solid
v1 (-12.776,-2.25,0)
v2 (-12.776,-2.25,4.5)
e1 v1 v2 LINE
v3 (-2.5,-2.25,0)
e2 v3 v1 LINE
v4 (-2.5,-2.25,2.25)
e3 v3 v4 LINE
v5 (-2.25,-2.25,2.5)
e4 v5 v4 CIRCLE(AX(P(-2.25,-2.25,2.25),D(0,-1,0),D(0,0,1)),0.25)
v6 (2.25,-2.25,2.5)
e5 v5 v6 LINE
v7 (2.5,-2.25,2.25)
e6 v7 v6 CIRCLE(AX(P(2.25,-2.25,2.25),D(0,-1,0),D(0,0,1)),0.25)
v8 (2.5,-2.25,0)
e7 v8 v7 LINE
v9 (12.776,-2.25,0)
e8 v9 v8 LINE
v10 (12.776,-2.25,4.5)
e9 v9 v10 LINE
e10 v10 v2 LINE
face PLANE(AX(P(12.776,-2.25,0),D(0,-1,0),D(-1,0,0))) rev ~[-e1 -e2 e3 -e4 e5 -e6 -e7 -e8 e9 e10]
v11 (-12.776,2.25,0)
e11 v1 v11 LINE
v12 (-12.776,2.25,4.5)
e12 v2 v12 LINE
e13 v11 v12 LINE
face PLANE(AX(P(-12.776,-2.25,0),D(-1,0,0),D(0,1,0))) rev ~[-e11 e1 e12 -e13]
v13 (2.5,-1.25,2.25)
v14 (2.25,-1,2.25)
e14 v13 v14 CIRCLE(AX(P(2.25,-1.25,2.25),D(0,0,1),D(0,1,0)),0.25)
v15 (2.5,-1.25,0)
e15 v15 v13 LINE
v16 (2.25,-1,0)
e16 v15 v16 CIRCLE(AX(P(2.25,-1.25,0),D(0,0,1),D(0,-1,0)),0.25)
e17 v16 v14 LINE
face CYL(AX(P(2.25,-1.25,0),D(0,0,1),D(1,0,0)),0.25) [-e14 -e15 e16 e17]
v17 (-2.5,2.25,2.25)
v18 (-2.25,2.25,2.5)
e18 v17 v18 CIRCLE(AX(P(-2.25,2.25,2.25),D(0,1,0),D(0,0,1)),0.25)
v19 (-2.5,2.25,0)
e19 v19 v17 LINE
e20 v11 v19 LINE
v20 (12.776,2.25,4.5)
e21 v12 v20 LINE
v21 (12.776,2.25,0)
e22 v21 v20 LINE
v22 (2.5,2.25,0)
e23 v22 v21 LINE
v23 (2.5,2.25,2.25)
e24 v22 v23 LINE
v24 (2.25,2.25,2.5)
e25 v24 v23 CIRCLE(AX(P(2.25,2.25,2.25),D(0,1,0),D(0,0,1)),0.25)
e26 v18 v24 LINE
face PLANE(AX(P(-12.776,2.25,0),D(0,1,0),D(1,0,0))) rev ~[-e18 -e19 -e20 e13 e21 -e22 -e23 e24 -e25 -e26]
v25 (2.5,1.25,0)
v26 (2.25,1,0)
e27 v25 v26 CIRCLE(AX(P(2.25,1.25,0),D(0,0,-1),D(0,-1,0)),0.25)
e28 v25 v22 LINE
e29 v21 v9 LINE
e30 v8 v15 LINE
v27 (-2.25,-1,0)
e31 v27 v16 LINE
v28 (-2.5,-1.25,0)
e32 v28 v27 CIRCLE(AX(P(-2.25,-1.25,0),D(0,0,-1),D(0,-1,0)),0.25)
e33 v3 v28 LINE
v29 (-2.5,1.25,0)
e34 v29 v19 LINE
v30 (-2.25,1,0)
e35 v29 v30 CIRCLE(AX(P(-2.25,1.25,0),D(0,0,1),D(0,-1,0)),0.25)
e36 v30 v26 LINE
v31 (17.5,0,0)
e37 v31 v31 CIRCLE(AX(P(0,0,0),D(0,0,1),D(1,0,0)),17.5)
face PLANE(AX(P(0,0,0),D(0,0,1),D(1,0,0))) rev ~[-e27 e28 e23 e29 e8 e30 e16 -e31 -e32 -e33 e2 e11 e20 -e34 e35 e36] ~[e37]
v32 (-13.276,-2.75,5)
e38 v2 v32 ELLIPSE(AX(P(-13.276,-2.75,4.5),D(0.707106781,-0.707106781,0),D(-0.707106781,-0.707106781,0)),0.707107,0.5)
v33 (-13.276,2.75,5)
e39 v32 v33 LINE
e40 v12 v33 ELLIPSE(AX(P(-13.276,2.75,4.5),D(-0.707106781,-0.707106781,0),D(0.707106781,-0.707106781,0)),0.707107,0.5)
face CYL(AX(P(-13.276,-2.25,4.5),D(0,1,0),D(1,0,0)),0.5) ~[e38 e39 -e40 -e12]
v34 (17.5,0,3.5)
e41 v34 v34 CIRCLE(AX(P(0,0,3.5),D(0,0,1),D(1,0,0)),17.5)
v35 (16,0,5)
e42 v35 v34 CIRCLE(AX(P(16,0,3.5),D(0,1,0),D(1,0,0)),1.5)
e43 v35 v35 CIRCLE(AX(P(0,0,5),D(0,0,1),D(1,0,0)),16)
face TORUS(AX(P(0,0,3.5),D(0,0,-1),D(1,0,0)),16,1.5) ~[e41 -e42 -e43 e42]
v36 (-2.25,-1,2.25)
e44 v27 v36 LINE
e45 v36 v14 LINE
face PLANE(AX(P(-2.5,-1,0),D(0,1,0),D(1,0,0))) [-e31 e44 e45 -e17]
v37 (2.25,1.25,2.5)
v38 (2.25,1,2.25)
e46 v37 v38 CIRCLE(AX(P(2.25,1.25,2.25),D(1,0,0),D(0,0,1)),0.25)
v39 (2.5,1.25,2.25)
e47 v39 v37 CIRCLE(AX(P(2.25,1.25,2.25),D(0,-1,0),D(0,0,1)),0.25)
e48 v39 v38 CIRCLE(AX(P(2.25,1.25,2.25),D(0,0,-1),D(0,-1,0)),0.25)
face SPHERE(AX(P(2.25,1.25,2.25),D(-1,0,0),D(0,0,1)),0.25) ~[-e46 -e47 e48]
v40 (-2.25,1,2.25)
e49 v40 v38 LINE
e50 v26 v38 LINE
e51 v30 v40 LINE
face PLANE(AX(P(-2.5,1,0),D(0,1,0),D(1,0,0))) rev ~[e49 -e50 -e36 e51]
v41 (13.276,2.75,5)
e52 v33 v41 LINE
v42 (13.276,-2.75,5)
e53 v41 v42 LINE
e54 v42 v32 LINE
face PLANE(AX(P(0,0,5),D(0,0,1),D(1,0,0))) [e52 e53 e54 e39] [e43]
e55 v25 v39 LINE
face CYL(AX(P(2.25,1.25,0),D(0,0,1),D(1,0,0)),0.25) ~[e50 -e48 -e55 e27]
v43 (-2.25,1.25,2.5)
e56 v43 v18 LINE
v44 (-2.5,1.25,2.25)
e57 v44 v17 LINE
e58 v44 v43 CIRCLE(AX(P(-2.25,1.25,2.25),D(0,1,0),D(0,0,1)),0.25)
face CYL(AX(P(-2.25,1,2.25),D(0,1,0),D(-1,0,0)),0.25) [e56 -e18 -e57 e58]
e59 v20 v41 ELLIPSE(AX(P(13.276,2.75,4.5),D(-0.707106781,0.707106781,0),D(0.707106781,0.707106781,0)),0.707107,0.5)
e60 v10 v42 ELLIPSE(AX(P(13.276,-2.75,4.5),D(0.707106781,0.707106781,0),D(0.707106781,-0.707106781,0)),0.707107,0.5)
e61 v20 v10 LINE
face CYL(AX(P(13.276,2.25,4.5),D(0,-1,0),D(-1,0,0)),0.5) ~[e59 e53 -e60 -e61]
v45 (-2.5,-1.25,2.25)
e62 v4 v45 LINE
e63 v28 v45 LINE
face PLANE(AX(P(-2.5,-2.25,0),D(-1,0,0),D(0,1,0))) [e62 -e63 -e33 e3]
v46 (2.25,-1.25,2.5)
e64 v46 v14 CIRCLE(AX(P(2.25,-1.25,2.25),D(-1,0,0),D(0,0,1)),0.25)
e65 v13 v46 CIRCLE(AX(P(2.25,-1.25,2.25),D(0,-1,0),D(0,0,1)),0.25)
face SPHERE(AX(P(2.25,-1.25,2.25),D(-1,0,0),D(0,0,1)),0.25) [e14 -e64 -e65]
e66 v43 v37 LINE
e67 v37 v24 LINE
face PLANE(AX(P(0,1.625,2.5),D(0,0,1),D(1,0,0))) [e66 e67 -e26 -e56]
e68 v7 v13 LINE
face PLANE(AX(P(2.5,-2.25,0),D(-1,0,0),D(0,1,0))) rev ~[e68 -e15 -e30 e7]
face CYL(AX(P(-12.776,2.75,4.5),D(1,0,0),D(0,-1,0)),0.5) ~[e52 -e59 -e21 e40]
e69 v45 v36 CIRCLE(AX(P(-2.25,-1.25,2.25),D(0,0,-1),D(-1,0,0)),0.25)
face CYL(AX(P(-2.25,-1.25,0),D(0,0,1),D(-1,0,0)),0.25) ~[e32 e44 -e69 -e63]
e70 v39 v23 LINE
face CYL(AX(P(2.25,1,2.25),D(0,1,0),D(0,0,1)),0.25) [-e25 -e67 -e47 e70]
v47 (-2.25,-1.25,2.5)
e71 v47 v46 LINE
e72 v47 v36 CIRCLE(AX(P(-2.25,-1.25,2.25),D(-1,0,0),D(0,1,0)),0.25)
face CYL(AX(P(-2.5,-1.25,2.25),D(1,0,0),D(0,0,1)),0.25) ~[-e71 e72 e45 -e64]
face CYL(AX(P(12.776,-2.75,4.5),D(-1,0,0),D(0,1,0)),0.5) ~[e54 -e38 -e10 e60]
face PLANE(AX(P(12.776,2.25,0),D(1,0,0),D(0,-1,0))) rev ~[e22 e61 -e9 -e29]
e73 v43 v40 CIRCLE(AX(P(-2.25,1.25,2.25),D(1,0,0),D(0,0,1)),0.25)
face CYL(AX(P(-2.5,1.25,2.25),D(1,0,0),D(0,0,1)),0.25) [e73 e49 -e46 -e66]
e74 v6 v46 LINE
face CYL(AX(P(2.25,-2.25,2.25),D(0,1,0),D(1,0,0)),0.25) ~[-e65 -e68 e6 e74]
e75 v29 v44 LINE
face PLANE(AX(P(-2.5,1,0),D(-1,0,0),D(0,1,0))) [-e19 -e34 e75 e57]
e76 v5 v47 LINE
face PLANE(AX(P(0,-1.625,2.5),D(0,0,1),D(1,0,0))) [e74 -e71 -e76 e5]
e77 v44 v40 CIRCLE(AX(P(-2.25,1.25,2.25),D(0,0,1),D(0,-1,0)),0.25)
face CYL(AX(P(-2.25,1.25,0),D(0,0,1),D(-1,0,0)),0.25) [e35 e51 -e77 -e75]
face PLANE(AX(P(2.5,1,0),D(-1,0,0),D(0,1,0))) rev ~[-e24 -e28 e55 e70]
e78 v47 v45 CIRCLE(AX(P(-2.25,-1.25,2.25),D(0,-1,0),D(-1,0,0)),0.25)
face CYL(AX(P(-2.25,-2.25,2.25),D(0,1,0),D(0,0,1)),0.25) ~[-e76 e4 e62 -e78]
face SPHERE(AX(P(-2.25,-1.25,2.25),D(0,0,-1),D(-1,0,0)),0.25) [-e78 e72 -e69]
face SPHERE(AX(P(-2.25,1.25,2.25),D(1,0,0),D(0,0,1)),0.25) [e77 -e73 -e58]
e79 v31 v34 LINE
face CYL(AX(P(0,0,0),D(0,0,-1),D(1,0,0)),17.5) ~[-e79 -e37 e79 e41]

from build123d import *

# Parameters (mm, degrees)
F0_R     = 17.5
F1_DEPTH = 5
F0_W     = 5
F0_H     = 1.25
F2_DEPTH = 2.5
F3_R     = 0.25
F4_R     = 0.5
F5_R     = 1.5


with BuildPart() as f1:
    # F0 (on Top) → F1 (new body)
    with BuildSketch(Plane.XY):
        Circle(F0_R)
        Polygon((-12.776, -2.25), (-12.776, 2.25), (-2.5, 2.25), (2.5, 2.25), (12.776, 2.25), (12.776, -2.25), (2.5, -2.25), (-2.5, -2.25), align=None, mode=Mode.SUBTRACT)
    extrude(amount=F1_DEPTH)

    # F0 (on Top) → F2 (join)
    with BuildSketch(Plane.XY):
        with Locations((0, 1.625)):
            Rectangle(F0_W, F0_H)
        with Locations((0, -1.625)):
            Rectangle(F0_W, F0_H)
    extrude(amount=F2_DEPTH)

    # F3
    f3_edges = [f1.edges().sort_by_distance(p)[0] for p in [
        (-2.5, -1, 1.25),
        (-2.5, -1.625, 2.5),
        (0, -1, 2.5),
        (2.5, -1.625, 2.5),
        (0, 1, 2.5),
        (2.5, 1.625, 2.5),
        (-2.5, 1.625, 2.5),
        (-2.5, 1, 1.25),
        (2.5, -1, 1.25),
        (2.5, 1, 1.25),
    ]]
    fillet(f3_edges, radius=F3_R)

    # F4
    f4_edges = [f1.edges().sort_by_distance(p)[0] for p in [
        (0, 2.25, 5),
        (12.776, 0, 5),
        (0, -2.25, 5),
        (-12.776, 0, 5),
    ]]
    fillet(f4_edges, radius=F4_R)

    # F5
    f5_edges = [f1.edges().sort_by_distance(p)[0] for p in [
        (-17.5, 0, 5),
    ]]
    fillet(f5_edges, radius=F5_R)


solid = f1.part
